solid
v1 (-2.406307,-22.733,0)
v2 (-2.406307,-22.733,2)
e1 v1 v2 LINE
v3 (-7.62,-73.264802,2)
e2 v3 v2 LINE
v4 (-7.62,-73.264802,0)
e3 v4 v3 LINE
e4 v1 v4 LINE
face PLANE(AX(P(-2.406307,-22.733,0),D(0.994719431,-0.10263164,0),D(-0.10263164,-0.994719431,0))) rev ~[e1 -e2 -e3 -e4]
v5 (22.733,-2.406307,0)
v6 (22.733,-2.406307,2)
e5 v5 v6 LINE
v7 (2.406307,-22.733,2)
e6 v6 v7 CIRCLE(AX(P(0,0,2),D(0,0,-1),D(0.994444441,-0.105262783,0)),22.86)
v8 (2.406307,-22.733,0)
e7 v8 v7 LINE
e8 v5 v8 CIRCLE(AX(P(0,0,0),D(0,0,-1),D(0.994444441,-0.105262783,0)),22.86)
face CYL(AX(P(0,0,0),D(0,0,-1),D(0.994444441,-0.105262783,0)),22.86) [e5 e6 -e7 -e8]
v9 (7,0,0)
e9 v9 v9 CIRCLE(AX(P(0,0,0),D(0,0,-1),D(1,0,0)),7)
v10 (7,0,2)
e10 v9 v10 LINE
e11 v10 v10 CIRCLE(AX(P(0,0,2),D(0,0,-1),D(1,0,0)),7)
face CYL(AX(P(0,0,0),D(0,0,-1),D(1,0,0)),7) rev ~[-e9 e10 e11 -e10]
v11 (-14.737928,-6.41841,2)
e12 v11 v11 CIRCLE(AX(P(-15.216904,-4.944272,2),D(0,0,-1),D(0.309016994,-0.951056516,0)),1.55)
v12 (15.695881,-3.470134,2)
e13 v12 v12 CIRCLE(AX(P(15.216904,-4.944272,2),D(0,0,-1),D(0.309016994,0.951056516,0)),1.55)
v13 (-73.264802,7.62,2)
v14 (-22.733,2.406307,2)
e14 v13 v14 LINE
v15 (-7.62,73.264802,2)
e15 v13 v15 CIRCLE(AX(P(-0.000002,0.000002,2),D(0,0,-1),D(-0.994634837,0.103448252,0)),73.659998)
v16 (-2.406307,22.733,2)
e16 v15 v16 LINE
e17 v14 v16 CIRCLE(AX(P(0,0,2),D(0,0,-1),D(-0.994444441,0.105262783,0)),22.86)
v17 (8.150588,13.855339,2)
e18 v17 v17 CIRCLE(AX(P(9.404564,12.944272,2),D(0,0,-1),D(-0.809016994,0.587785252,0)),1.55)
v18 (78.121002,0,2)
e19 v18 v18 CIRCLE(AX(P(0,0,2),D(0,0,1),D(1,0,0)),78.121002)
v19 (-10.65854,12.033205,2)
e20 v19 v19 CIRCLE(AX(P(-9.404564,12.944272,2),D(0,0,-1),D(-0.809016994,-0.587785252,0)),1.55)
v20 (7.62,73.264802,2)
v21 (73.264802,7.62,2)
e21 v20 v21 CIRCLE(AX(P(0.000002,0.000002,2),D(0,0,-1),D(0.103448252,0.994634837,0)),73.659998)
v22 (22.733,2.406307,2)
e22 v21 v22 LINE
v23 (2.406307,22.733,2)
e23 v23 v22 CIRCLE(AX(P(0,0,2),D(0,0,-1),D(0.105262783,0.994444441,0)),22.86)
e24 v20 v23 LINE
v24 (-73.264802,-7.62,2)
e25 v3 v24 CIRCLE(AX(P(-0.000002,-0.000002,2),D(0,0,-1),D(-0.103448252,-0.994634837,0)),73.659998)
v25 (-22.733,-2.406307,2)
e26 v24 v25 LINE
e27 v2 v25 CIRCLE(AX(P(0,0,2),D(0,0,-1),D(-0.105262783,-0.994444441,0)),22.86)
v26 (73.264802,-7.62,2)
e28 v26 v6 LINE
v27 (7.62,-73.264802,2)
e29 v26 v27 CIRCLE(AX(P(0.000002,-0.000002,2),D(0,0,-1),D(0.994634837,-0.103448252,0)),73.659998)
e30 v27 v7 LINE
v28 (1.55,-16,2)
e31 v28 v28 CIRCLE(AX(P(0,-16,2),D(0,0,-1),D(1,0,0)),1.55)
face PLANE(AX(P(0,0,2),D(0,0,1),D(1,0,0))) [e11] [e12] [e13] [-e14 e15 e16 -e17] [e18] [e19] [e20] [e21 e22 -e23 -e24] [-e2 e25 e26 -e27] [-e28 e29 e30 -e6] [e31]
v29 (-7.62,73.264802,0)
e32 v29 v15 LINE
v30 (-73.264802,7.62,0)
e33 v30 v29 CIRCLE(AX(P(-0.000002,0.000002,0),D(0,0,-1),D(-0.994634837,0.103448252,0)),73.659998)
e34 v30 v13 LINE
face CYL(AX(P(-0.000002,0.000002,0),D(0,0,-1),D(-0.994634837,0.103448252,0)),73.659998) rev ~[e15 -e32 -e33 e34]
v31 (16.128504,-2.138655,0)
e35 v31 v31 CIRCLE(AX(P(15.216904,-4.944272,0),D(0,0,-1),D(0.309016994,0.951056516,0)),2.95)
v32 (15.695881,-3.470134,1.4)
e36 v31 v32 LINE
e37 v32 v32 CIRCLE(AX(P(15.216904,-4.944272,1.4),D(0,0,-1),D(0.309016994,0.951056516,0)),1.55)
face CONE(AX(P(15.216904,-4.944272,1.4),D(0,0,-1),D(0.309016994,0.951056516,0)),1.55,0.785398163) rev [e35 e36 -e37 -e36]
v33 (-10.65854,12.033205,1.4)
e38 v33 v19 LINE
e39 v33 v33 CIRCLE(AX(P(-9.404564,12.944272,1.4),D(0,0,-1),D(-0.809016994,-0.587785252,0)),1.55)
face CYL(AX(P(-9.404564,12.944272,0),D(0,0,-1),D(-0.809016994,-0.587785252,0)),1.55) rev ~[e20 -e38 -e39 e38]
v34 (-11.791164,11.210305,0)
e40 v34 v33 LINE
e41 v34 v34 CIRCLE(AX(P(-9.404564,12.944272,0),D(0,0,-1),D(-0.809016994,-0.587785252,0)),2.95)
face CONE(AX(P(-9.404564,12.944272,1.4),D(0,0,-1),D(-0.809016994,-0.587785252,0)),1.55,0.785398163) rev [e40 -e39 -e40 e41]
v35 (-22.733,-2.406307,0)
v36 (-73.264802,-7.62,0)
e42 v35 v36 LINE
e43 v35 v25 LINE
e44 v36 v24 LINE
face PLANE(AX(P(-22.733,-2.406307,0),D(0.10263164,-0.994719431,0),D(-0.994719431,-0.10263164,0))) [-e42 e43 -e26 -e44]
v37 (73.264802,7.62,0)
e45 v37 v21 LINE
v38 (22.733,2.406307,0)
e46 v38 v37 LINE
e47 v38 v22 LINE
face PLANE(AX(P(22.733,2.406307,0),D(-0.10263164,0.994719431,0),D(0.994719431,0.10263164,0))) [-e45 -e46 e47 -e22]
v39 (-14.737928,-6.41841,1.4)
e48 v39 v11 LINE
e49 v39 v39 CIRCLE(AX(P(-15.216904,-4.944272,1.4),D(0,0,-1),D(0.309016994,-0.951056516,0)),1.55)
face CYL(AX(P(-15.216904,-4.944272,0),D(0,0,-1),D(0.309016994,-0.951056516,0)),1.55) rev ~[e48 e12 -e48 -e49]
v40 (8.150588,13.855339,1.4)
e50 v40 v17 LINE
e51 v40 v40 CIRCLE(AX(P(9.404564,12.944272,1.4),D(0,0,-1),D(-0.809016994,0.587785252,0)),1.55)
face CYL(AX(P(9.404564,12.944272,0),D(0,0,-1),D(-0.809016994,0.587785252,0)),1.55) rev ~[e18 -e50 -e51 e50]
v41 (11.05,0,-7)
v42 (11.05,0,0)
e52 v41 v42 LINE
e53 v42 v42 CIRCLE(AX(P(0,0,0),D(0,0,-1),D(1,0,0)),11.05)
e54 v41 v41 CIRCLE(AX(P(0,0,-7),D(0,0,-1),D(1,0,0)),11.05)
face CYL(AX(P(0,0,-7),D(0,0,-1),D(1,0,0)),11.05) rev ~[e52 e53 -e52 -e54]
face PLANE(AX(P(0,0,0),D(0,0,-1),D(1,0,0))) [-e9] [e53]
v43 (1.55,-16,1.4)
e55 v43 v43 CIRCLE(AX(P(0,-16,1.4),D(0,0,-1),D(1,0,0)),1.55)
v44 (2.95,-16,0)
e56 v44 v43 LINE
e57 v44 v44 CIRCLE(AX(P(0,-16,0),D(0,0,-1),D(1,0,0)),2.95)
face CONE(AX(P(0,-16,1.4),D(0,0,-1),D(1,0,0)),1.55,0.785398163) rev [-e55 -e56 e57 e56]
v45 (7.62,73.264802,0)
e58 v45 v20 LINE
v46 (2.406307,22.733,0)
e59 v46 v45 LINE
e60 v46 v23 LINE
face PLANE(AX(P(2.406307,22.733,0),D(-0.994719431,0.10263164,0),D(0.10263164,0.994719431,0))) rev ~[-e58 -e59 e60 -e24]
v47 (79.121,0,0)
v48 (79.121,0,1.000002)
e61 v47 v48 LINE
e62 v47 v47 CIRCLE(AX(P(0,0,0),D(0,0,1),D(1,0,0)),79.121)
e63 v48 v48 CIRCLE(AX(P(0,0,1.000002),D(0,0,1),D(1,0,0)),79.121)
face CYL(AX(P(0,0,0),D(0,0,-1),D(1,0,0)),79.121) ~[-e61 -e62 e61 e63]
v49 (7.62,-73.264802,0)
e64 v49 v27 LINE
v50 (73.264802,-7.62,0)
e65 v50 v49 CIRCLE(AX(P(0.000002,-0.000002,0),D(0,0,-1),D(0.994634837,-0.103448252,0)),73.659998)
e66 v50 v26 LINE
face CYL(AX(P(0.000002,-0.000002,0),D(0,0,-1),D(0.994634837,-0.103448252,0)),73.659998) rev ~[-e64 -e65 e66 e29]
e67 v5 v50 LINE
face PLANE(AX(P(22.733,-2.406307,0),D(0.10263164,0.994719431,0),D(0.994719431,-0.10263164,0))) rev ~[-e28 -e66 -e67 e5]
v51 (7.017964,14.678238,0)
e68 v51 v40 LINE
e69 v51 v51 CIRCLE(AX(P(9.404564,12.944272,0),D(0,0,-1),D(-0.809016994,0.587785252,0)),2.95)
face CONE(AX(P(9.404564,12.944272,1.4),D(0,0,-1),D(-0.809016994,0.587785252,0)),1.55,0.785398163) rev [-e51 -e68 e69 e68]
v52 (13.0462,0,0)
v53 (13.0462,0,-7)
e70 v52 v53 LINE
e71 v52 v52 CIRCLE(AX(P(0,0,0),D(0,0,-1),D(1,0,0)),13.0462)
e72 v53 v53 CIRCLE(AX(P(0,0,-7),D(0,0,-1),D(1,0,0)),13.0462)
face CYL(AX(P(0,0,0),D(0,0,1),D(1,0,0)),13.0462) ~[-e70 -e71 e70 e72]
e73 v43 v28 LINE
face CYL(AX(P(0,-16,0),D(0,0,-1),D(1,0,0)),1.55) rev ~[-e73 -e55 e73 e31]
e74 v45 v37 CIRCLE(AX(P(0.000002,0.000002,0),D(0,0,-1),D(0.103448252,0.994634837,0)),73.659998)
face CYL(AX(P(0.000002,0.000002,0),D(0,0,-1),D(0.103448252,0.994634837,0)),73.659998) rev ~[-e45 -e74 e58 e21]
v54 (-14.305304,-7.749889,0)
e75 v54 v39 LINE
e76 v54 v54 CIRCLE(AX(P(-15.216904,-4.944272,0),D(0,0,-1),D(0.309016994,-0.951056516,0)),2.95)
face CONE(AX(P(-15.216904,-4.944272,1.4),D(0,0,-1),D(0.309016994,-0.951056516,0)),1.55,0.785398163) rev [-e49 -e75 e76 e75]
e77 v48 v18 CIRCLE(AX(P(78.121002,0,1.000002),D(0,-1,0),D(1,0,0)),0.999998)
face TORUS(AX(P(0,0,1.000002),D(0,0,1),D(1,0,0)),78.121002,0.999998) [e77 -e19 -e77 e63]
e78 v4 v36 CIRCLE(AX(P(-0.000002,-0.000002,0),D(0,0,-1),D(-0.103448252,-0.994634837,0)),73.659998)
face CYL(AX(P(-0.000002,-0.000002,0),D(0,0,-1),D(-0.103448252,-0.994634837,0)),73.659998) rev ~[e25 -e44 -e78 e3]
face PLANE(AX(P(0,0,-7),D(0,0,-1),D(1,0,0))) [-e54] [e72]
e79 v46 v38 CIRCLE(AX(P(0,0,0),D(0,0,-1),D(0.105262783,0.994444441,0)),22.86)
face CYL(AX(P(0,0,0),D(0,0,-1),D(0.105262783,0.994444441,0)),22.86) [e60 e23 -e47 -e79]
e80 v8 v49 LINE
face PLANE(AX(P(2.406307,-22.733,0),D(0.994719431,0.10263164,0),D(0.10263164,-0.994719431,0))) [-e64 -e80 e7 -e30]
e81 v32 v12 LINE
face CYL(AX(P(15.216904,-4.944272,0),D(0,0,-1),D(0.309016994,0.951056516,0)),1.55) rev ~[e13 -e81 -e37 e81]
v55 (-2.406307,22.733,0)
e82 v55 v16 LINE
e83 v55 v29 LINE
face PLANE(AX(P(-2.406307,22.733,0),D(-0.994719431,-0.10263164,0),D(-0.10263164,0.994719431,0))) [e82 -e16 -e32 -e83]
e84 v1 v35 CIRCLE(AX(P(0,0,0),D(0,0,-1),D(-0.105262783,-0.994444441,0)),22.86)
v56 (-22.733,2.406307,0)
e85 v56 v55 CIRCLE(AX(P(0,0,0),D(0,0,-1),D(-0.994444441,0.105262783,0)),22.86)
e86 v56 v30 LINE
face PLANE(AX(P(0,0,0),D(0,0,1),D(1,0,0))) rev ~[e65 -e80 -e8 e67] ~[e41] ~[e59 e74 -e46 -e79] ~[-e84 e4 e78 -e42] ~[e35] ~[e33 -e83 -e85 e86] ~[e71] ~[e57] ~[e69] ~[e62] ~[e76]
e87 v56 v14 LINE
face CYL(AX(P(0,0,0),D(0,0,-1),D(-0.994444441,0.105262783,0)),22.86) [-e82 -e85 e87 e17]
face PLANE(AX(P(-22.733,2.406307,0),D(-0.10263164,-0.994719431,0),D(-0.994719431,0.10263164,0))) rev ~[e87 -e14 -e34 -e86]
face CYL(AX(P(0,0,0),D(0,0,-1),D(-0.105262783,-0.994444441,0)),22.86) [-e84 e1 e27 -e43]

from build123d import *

# Parameters (mm, degrees)
SKETCH005_R           = 79.121
PAD_DEPTH             = 2
SKETCH010_R           = 13.0462
PAD001_DEPTH          = 7
SKETCH007_R           = 11.05
POCKET005_DEPTH       = 7
SKETCH006_R           = 7
POCKET006_DEPTH       = 5.0038
SKETCH008_R           = 1.55
POCKET007_DEPTH       = 5.0038
POLARPATTERN002_COUNT = 5
CHAMFER001_SIZE       = 1.4
POCKET008_DEPTH       = 5.0038
POLARPATTERN003_COUNT = 4
FILLET_R              = 0.999998


with BuildPart() as part:
    # Sketch005 → Pad (new body)
    with BuildSketch(Plane.XY):
        Circle(SKETCH005_R)
    extrude(amount=PAD_DEPTH)

    # Sketch010 (on Face2 of Pad) → Pad001 (join)
    with BuildSketch(Plane(origin=(0, 0, 0), x_dir=(1, 0, 0), z_dir=(0, 0, -1))):
        Circle(SKETCH010_R)
    extrude(amount=PAD001_DEPTH)

    # Sketch007 (on Face5 of Pad001) → Pocket005 (cut)
    with BuildSketch(Plane(origin=(0, 0, -7), x_dir=(1, 0, 0), z_dir=(0, 0, -1))):
        Circle(SKETCH007_R)
    extrude(amount=-POCKET005_DEPTH, mode=Mode.SUBTRACT)

    # Sketch006 (on Face801 of TimingGearT) → Pocket006 (cut)
    with BuildSketch(Plane(origin=(0, 0, 0), x_dir=(1, 0, 0), z_dir=(0, 0, -1))):
        Circle(SKETCH006_R)
    extrude(amount=-POCKET006_DEPTH, mode=Mode.SUBTRACT)

    # Sketch008 (on Face4 of Pocket002) → Pocket007 (cut)
    with BuildSketch(Plane(origin=(0, 0, 0), x_dir=(1, 0, 0), z_dir=(0, 0, -1))):
        with Locations((0, 16)):
            Circle(SKETCH008_R)
    pocket007 = extrude(amount=-POCKET007_DEPTH, mode=Mode.SUBTRACT)

    # PolarPattern002: Pocket007 ×5 about axis
    polarpattern002_axis = Axis((0, 0, 0), (0, 0, -1))
    for i in range(1, POLARPATTERN002_COUNT):
        add(pocket007.rotate(polarpattern002_axis, i * 360 / POLARPATTERN002_COUNT), mode=Mode.SUBTRACT)

    # Chamfer001
    chamfer001_edges = [part.edges().sort_by_distance(p)[0] for p in [
        (-1.55, -16, 0),
        (14.737928, -6.41841, 0),
        (-15.695881, -3.470134, 0),
        (-8.150588, 13.855339, 0),
        (10.65854, 12.033205, 0),
    ]]
    chamfer(chamfer001_edges, length=CHAMFER001_SIZE)

    # Sketch009 (on Face1 of Chamfer) → Pocket008 (cut)
    with BuildSketch(Plane(origin=(0, 0, 0), x_dir=(1, 0, 0), z_dir=(0, 0, -1))):
        with BuildLine():
            ThreePointArc((-2.406307, 22.733), (-16.164461, 16.164461), (-22.733, 2.406307))
            Line((-22.733, 2.406307), (-73.264802, 7.62))
            ThreePointArc((-7.62, 73.264802), (-52.085486, 52.085486), (-73.264802, 7.62))
            Line((-2.406307, 22.733), (-7.62, 73.264802))
        make_face()
    pocket008 = extrude(amount=-POCKET008_DEPTH, mode=Mode.SUBTRACT)

    # PolarPattern003: Pocket008 ×4 about axis
    polarpattern003_axis = Axis((0, 0, 0), (0, 0, -1))
    for i in range(1, POLARPATTERN003_COUNT):
        add(pocket008.rotate(polarpattern003_axis, i * 360 / POLARPATTERN003_COUNT), mode=Mode.SUBTRACT)

    # Fillet
    fillet_edges = [part.edges().sort_by_distance(p)[0] for p in [
        (-79.121, 0, 2),
    ]]
    fillet(fillet_edges, radius=FILLET_R)


solid = part.part
